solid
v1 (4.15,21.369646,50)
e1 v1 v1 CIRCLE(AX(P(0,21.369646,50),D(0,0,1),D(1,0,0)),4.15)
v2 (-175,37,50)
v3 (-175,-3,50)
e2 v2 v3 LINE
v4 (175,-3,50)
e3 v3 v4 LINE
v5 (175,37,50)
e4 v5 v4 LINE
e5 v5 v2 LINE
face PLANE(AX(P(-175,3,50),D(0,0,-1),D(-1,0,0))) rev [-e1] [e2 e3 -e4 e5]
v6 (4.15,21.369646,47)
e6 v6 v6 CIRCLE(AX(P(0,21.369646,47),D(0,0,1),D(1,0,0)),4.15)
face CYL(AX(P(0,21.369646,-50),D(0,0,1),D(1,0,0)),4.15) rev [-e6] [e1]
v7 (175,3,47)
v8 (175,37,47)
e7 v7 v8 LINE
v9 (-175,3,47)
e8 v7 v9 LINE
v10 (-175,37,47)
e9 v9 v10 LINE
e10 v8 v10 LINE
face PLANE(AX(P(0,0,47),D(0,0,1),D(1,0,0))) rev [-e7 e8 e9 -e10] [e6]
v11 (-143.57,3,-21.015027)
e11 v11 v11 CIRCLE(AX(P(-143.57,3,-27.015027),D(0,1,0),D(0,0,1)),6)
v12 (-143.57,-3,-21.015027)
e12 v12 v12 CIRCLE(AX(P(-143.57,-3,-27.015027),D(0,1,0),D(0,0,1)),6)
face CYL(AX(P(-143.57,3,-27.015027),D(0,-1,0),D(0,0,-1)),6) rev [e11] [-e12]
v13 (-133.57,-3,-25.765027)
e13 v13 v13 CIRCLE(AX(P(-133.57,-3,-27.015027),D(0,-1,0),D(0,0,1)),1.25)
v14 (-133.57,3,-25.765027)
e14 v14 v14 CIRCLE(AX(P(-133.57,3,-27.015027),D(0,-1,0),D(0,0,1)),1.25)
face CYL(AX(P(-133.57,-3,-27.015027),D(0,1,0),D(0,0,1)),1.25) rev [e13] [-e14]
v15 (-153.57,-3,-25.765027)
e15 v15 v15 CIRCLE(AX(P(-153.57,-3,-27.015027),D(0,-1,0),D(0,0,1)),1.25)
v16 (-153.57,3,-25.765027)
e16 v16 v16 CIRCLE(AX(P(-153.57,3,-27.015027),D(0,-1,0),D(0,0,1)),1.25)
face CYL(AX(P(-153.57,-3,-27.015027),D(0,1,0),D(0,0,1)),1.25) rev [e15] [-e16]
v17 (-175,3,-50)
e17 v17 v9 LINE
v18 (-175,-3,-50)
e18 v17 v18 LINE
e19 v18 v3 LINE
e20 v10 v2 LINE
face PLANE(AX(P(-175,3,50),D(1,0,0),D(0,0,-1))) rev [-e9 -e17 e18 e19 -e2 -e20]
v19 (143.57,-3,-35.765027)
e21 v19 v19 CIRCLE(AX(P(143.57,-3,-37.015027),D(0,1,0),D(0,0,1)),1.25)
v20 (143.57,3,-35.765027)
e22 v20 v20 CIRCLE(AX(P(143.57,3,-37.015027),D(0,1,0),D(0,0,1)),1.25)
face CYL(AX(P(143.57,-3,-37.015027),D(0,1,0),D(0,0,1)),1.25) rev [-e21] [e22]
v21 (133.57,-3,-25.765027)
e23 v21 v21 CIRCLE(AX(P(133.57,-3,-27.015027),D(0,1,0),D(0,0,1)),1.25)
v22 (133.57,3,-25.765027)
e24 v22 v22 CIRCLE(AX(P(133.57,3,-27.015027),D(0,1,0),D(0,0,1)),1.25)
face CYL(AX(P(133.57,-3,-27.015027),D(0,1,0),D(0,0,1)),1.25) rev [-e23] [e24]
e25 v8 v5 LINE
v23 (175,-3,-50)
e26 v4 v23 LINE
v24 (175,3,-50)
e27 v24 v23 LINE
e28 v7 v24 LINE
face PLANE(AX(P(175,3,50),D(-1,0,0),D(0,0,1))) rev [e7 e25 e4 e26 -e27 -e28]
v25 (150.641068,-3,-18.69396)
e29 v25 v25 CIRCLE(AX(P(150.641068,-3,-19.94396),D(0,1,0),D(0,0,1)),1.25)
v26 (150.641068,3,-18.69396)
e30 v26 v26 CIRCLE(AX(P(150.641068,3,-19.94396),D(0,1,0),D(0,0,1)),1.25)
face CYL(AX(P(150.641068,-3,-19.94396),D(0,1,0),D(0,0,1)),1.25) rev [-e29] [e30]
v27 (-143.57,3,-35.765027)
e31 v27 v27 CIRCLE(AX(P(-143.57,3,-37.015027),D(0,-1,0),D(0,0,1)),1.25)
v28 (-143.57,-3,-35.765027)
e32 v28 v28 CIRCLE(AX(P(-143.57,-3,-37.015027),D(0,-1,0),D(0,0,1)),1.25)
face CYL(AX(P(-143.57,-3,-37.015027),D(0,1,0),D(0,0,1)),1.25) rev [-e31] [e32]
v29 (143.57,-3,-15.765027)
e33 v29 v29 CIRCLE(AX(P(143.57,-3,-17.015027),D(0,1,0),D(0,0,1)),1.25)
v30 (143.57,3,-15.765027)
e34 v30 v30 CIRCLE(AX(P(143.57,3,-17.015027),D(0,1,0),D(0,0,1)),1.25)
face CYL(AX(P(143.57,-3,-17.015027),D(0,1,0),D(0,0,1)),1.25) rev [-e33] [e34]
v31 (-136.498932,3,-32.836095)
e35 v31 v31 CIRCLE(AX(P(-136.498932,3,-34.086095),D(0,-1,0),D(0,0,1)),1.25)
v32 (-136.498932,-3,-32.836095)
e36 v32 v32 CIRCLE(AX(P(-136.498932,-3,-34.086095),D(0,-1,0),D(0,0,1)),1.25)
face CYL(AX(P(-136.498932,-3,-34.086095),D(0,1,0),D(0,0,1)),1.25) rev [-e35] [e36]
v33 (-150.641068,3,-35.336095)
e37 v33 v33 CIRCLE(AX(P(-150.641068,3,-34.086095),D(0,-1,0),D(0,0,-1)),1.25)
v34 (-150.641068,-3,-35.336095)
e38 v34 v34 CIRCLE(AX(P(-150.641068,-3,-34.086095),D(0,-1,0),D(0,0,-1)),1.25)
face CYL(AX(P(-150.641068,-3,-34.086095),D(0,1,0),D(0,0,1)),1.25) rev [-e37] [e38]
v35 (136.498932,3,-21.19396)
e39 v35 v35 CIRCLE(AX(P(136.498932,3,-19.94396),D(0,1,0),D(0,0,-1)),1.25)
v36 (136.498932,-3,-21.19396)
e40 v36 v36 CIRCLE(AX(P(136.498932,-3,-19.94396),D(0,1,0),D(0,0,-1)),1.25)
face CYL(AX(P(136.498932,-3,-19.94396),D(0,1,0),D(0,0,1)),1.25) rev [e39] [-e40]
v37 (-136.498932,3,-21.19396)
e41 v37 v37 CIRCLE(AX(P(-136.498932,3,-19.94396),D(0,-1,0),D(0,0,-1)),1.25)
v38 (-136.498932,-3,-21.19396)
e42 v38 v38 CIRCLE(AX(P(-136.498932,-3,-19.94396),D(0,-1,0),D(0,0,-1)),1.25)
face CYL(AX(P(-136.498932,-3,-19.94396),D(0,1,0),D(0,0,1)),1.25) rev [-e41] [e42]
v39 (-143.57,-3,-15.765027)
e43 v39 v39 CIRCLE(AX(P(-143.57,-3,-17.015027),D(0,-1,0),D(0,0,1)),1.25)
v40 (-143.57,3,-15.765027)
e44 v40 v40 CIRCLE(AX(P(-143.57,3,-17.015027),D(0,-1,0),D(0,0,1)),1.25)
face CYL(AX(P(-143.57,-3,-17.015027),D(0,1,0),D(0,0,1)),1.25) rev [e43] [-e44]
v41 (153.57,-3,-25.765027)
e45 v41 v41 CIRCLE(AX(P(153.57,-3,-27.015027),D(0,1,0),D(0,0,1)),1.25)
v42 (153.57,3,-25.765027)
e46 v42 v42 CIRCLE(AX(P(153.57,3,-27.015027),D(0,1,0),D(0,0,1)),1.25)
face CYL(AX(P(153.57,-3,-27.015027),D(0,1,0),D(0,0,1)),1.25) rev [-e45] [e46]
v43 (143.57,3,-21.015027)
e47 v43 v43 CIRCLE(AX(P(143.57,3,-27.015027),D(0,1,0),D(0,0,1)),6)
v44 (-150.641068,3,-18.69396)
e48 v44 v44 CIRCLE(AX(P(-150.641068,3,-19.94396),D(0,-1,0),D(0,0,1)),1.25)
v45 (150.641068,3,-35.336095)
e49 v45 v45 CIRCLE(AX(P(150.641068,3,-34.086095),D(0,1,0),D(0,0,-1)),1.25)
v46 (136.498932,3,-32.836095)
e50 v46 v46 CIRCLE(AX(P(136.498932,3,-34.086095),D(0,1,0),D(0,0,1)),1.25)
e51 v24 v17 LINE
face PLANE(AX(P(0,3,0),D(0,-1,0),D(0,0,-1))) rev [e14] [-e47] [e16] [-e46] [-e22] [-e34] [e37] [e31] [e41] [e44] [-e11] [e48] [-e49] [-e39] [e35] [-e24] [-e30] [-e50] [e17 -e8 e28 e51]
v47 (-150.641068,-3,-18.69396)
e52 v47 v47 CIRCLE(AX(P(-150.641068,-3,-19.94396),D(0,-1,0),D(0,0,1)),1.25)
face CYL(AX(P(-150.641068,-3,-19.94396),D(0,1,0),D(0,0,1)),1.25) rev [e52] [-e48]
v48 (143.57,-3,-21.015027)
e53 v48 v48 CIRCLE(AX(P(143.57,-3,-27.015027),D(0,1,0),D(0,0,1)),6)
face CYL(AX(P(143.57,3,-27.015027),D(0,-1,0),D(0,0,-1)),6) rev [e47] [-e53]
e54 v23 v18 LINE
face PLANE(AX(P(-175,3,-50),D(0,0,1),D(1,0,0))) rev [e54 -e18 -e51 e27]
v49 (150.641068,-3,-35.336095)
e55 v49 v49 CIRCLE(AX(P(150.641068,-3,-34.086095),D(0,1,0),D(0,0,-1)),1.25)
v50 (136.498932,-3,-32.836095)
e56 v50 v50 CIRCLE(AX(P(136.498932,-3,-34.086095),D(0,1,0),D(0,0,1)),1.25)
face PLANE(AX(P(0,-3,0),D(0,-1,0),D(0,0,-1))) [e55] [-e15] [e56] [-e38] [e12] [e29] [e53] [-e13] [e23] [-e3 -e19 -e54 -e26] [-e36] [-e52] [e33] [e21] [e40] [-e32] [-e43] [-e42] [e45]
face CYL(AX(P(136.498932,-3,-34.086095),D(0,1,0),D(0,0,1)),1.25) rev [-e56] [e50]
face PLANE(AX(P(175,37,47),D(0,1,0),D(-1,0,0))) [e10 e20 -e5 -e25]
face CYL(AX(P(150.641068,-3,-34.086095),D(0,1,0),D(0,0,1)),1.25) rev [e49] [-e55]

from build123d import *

# Parameters (mm, degrees)
SKETCH1_W           = 350
SKETCH1_H           = 100
SKETCH1_R           = 6
BOSS_EXTRUDE1_DEPTH = 3
SKETCH2_W           = 350
SKETCH2_H           = 40
BOSS_EXTRUDE2_DEPTH = 3
SKETCH3_R           = 4.15
CUT_EXTRUDE1_DEPTH  = 205.924376295
SKETCH4_R           = 1.25
CUT_EXTRUDE2_DEPTH  = 186.151289491


with BuildPart() as part:
    # Sketch1 → Boss-Extrude1 (new, symmetric)
    with BuildSketch(Plane(origin=(0, 0, 0), x_dir=(1, 0, 0), z_dir=(0, 1, 0))):
        Rectangle(SKETCH1_W, SKETCH1_H)
        with Locations(Location((143.57, 27.01502743, 0), (0, 0, 270))):
            Circle(SKETCH1_R, mode=Mode.SUBTRACT)
        with Locations(Location((-143.57, 27.01502743, 0), (0, 0, 270))):
            Circle(SKETCH1_R, mode=Mode.SUBTRACT)
    extrude(amount=BOSS_EXTRUDE1_DEPTH, both=True)

    # Sketch2 → Boss-Extrude2 (add)
    with BuildSketch(Plane.XY.offset(50)):
        with Locations((0, 17)):
            Rectangle(SKETCH2_W, SKETCH2_H)
    extrude(amount=-BOSS_EXTRUDE2_DEPTH)

    # Sketch3 → Cut-Extrude1 (cut, through all)
    with BuildSketch(Plane.XY.offset(50)):
        with Locations((0, 21.369646437)):
            Circle(SKETCH3_R)
    extrude(amount=-CUT_EXTRUDE1_DEPTH, mode=Mode.SUBTRACT)

    # Sketch4 → Cut-Extrude2 (cut, through all)
    with BuildSketch(Plane(origin=(0, 3, 0), x_dir=(1, 0, 0), z_dir=(0, 1, 0))):
        with Locations(Location((143.57, 37.01502743, 0), (0, 0, 270))):
            Circle(SKETCH4_R)
        with Locations(Location((153.57, 27.01502743, 0), (0, 0, 270))):
            Circle(SKETCH4_R)
        with Locations(Location((143.57, 17.01502743, 0), (0, 0, 270))):
            Circle(SKETCH4_R)
        with Locations(Location((133.57, 27.01502743, 0), (0, 0, 270))):
            Circle(SKETCH4_R)
        with Locations(Location((136.498932188, 34.086095242, 0), (0, 0, 270))):
            Circle(SKETCH4_R)
        with Locations(Location((150.641067812, 34.086095242, 0), (0, 0, 90))):
            Circle(SKETCH4_R)
        with Locations(Location((150.641067812, 19.943959618, 0), (0, 0, 270))):
            Circle(SKETCH4_R)
        with Locations(Location((136.498932188, 19.943959618, 0), (0, 0, 90))):
            Circle(SKETCH4_R)
    cut_extrude2 = extrude(amount=-CUT_EXTRUDE2_DEPTH, mode=Mode.SUBTRACT)

    # Mirror1: Cut-Extrude2 across plane
    add(cut_extrude2.mirror(Plane(origin=(0, 0, 0), x_dir=(0, 0, 1), z_dir=(1, 0, 0))), mode=Mode.SUBTRACT)


solid = part.part
